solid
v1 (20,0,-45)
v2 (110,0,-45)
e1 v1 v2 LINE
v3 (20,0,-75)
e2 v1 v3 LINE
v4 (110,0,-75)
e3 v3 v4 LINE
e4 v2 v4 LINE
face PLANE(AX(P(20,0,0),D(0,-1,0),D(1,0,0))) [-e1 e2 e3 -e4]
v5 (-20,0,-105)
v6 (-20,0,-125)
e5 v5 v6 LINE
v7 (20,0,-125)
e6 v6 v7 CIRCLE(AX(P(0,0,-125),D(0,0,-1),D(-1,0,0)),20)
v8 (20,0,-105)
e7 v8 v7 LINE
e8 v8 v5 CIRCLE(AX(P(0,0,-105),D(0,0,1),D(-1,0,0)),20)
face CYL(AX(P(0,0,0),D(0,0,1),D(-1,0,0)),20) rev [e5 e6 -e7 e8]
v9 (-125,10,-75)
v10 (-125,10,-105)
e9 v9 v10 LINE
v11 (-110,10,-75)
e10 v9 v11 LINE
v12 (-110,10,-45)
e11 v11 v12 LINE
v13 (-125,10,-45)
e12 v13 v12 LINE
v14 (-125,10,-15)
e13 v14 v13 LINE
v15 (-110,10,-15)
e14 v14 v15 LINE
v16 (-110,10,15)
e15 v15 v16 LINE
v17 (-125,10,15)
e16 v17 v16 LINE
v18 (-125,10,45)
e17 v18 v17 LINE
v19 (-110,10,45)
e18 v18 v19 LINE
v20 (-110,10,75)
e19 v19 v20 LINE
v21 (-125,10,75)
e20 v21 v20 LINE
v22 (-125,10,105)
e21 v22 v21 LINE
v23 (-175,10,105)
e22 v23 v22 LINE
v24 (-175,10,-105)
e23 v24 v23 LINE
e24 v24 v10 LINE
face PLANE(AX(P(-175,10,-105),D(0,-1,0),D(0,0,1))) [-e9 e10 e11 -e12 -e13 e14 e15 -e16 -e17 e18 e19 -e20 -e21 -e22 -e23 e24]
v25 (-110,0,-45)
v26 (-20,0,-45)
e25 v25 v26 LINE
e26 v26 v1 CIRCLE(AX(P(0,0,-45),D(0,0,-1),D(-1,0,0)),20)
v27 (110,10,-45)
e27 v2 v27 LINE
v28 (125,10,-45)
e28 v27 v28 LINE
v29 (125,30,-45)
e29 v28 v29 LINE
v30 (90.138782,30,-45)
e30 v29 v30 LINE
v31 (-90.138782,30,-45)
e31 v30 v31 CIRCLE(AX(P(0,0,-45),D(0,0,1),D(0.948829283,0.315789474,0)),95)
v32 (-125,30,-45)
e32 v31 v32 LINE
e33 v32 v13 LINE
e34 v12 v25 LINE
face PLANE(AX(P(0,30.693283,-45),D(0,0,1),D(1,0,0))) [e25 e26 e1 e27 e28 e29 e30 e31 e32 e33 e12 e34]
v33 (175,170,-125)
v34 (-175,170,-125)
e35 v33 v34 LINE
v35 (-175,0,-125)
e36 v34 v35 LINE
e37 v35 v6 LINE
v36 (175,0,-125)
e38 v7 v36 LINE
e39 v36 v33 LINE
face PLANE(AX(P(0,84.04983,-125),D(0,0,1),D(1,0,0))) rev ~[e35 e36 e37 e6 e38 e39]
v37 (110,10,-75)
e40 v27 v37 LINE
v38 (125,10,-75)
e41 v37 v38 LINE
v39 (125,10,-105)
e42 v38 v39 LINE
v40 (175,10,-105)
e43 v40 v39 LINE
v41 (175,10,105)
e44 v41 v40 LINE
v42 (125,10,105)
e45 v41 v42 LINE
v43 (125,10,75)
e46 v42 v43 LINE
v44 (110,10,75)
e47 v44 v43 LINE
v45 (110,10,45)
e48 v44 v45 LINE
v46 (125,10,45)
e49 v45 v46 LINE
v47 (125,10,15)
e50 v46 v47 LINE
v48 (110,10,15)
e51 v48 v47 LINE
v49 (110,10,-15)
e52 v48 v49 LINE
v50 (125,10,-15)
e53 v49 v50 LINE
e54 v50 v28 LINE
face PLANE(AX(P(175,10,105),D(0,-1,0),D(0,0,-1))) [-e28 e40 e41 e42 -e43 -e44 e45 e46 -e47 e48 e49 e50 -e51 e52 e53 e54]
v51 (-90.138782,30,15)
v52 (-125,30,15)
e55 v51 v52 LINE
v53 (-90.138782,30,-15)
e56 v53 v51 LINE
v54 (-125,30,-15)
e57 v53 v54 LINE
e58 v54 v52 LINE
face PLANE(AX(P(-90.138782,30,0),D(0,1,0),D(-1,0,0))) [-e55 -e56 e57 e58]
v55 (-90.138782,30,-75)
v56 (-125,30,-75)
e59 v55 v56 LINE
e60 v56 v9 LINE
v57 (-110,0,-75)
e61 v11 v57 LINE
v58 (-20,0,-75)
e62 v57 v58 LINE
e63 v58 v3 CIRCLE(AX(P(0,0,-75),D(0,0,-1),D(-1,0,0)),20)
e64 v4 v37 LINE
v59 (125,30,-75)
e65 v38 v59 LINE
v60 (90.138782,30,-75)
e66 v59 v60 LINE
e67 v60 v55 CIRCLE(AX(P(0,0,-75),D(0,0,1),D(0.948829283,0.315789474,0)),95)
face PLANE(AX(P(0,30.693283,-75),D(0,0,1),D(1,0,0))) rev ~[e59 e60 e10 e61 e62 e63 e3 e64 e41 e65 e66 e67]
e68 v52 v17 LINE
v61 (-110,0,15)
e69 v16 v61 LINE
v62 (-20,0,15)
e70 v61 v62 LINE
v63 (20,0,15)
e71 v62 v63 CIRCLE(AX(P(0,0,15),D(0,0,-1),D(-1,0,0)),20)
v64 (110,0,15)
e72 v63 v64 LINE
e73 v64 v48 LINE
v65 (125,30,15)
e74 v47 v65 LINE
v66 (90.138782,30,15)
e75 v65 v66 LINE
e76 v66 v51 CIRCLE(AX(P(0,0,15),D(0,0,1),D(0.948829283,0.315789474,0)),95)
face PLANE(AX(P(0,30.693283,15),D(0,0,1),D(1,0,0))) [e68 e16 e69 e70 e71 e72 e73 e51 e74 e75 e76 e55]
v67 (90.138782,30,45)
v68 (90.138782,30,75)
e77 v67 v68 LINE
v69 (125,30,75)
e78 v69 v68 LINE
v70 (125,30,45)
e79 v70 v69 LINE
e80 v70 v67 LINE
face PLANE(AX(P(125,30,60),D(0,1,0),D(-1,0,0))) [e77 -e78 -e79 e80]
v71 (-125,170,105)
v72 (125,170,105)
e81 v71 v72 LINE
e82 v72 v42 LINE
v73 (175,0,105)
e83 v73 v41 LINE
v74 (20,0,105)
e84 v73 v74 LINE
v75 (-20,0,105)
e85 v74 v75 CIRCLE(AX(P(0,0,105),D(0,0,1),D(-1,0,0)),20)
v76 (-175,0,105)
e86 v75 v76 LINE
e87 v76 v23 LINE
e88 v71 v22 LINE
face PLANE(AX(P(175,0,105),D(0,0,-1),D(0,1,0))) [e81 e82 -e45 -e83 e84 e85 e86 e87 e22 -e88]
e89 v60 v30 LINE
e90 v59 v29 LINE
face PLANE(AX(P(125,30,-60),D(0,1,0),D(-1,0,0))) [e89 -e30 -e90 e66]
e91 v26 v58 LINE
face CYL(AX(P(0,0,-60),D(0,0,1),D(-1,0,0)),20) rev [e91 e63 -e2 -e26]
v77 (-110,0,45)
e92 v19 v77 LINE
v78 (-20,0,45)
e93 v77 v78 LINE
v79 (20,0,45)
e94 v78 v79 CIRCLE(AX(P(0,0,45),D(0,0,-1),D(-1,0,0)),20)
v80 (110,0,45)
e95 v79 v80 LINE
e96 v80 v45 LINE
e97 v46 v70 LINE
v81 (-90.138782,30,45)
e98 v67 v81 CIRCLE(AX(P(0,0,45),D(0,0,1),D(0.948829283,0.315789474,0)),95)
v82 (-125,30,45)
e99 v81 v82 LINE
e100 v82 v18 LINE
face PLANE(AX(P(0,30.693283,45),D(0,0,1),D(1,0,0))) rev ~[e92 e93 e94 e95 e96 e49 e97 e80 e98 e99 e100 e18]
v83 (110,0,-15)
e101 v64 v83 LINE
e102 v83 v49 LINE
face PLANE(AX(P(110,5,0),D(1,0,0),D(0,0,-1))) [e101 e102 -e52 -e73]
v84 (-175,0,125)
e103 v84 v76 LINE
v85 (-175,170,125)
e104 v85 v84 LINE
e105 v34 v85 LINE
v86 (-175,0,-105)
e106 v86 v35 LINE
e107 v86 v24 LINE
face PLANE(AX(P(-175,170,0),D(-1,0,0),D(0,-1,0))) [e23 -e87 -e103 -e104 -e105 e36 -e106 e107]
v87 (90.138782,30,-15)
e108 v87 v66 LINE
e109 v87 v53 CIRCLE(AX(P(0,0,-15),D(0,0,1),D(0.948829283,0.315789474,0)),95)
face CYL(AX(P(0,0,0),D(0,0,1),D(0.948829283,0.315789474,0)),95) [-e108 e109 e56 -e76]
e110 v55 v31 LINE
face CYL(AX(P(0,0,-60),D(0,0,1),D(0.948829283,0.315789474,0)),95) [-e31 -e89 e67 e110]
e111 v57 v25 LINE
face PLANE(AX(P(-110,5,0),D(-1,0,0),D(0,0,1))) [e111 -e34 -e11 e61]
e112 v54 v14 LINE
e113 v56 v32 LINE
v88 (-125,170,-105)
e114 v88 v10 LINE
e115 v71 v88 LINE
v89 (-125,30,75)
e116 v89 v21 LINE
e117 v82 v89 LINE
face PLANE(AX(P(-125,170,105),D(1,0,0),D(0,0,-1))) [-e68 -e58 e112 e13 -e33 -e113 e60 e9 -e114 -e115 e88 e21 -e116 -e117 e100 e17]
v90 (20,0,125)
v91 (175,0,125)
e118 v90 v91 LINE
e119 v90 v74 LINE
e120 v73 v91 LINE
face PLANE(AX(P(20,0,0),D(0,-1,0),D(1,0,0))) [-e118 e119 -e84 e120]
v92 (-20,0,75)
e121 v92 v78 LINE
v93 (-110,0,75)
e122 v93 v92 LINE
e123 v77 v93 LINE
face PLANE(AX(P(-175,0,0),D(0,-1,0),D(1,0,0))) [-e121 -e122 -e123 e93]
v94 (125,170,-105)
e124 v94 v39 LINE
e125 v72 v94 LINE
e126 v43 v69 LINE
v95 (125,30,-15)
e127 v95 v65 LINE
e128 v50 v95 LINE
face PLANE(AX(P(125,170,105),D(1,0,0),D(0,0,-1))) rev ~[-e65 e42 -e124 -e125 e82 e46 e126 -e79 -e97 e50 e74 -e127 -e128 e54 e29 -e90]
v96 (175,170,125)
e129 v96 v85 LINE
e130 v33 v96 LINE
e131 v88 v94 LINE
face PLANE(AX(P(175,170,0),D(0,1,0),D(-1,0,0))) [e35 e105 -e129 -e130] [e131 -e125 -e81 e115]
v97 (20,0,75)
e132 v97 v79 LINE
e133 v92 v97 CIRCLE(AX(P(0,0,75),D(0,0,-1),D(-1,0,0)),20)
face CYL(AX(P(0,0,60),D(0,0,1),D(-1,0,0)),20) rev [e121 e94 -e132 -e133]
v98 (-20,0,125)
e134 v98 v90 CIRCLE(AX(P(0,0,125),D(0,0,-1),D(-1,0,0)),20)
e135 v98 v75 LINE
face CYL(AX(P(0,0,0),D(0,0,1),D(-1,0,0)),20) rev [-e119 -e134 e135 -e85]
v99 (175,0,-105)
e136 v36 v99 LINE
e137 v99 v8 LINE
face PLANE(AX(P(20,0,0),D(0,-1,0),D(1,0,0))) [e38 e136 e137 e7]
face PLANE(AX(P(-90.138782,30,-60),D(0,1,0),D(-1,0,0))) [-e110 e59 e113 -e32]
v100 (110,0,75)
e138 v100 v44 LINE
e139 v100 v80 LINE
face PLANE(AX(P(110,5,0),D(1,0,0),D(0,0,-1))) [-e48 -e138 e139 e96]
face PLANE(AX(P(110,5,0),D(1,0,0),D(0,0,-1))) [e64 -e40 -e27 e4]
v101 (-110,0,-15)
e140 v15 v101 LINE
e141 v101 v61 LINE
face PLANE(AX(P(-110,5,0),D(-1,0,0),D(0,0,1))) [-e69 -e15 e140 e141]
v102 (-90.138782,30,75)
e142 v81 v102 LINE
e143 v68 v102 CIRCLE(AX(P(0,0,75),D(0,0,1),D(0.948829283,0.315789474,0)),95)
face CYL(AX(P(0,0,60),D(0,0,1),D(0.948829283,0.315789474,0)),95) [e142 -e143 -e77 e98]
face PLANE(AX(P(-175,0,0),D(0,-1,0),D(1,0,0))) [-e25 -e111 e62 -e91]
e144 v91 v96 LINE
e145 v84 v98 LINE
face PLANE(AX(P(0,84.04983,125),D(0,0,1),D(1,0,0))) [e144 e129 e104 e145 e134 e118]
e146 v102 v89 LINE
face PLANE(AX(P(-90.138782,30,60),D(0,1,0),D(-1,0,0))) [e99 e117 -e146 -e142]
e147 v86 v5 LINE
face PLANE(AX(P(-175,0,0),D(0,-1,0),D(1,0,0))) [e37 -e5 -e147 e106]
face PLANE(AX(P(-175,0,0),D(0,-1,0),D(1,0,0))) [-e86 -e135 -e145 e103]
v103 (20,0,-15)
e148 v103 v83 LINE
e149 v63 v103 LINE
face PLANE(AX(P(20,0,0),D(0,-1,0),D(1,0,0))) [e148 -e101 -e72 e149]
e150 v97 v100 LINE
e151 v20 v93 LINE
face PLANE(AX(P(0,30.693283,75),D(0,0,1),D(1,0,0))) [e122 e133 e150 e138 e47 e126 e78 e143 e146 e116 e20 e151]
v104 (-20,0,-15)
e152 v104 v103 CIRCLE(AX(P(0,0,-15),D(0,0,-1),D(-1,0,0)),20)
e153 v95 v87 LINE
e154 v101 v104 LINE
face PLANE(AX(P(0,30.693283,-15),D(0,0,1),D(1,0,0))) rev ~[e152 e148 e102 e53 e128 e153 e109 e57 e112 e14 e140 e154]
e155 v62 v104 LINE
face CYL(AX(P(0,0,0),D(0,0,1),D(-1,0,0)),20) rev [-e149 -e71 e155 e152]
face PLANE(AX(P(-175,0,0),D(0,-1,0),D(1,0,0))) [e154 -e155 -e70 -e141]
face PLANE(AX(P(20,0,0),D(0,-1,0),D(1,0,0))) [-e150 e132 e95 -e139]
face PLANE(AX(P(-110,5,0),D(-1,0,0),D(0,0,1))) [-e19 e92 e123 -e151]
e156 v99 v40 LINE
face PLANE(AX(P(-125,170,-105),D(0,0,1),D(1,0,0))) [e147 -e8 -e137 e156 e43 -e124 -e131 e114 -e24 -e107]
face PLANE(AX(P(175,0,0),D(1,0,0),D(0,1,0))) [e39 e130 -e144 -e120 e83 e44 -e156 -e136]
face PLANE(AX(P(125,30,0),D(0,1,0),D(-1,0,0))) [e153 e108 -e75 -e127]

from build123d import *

# Parameters (mm, degrees)
BOSS_EXTRUDE1_DEPTH = 125
SKETCH4_W           = 250
SKETCH4_H           = 210
CUT_EXTRUDE2_DEPTH  = 250
BOSS_EXTRUDE2_DEPTH = 15
LPATTERN1_COUNT     = 2
LPATTERN1_PITCH     = 60
LPATTERN1_COL_COUNT = 2
LPATTERN1_COL_PITCH = 60
SKETCH5_W           = 210
SKETCH5_H           = 10
CUT_EXTRUDE3_DEPTH  = 65
SKETCH6_W           = 210
SKETCH6_H           = 10
CUT_EXTRUDE4_DEPTH  = 65


with BuildPart() as part:
    # Sketch1 → Boss-Extrude1 (new, symmetric)
    with BuildSketch(Plane.XY):
        with BuildLine():
            Line((20, 0), (125, 0))
            Line((125, 0), (175, 0))
            Line((175, 0), (175, 170))
            Line((175, 170), (-175, 170))
            Line((-175, 170), (-175, 0))
            Line((-175, 0), (-125, 0))
            Line((-125, 0), (-20, 0))
            ThreePointArc((-20, 0), (0, 20), (20, 0))
        make_face()
    extrude(amount=BOSS_EXTRUDE1_DEPTH, both=True)

    # Sketch4 → Cut-Extrude2 (cut)
    with BuildSketch(Plane(origin=(0, 170, 0), x_dir=(1, 0, 0), z_dir=(0, 1, 0))):
        Rectangle(SKETCH4_W, SKETCH4_H)
    extrude(amount=-CUT_EXTRUDE2_DEPTH, mode=Mode.SUBTRACT)

    # Sketch3 → Boss-Extrude2 (add, symmetric)
    with BuildSketch(Plane.XY):
        with BuildLine():
            Line((125, 0), (125, 30))
            Line((125, 30), (90.138781887, 30))
            ThreePointArc((90.138781887, 30), (0, 95), (-90.138781887, 30))
            Line((-90.138781887, 30), (-125, 30))
            Line((-125, 30), (-125, 0))
            Line((-125, 0), (-20, 0))
            ThreePointArc((-20, 0), (0, 20), (20, 0))
            Line((20, 0), (125, 0))
        make_face()
    boss_extrude2 = extrude(amount=BOSS_EXTRUDE2_DEPTH, both=True)

    # LPattern1: Boss-Extrude2 ×2
    with Locations(*[(0, 0, i * LPATTERN1_PITCH) for i in range(1, LPATTERN1_COUNT)]):
        add(boss_extrude2)

    # LPattern1 col: Boss-Extrude2 ×2
    with Locations(*[(0, 0, -i * LPATTERN1_COL_PITCH) for i in range(1, LPATTERN1_COL_COUNT)]):
        add(boss_extrude2)

    # Sketch5 → Cut-Extrude3 (cut)
    with BuildSketch(Plane(origin=(175, 0, 0), x_dir=(0, 0, -1), z_dir=(1, 0, 0))):
        with Locations((0, 5)):
            Rectangle(SKETCH5_W, SKETCH5_H)
    extrude(amount=-CUT_EXTRUDE3_DEPTH, mode=Mode.SUBTRACT)

    # Sketch6 → Cut-Extrude4 (cut)
    with BuildSketch(Plane.ZY.offset(175)):
        with Locations((0, 5)):
            Rectangle(SKETCH6_W, SKETCH6_H)
    extrude(amount=-CUT_EXTRUDE4_DEPTH, mode=Mode.SUBTRACT)


solid = part.part
